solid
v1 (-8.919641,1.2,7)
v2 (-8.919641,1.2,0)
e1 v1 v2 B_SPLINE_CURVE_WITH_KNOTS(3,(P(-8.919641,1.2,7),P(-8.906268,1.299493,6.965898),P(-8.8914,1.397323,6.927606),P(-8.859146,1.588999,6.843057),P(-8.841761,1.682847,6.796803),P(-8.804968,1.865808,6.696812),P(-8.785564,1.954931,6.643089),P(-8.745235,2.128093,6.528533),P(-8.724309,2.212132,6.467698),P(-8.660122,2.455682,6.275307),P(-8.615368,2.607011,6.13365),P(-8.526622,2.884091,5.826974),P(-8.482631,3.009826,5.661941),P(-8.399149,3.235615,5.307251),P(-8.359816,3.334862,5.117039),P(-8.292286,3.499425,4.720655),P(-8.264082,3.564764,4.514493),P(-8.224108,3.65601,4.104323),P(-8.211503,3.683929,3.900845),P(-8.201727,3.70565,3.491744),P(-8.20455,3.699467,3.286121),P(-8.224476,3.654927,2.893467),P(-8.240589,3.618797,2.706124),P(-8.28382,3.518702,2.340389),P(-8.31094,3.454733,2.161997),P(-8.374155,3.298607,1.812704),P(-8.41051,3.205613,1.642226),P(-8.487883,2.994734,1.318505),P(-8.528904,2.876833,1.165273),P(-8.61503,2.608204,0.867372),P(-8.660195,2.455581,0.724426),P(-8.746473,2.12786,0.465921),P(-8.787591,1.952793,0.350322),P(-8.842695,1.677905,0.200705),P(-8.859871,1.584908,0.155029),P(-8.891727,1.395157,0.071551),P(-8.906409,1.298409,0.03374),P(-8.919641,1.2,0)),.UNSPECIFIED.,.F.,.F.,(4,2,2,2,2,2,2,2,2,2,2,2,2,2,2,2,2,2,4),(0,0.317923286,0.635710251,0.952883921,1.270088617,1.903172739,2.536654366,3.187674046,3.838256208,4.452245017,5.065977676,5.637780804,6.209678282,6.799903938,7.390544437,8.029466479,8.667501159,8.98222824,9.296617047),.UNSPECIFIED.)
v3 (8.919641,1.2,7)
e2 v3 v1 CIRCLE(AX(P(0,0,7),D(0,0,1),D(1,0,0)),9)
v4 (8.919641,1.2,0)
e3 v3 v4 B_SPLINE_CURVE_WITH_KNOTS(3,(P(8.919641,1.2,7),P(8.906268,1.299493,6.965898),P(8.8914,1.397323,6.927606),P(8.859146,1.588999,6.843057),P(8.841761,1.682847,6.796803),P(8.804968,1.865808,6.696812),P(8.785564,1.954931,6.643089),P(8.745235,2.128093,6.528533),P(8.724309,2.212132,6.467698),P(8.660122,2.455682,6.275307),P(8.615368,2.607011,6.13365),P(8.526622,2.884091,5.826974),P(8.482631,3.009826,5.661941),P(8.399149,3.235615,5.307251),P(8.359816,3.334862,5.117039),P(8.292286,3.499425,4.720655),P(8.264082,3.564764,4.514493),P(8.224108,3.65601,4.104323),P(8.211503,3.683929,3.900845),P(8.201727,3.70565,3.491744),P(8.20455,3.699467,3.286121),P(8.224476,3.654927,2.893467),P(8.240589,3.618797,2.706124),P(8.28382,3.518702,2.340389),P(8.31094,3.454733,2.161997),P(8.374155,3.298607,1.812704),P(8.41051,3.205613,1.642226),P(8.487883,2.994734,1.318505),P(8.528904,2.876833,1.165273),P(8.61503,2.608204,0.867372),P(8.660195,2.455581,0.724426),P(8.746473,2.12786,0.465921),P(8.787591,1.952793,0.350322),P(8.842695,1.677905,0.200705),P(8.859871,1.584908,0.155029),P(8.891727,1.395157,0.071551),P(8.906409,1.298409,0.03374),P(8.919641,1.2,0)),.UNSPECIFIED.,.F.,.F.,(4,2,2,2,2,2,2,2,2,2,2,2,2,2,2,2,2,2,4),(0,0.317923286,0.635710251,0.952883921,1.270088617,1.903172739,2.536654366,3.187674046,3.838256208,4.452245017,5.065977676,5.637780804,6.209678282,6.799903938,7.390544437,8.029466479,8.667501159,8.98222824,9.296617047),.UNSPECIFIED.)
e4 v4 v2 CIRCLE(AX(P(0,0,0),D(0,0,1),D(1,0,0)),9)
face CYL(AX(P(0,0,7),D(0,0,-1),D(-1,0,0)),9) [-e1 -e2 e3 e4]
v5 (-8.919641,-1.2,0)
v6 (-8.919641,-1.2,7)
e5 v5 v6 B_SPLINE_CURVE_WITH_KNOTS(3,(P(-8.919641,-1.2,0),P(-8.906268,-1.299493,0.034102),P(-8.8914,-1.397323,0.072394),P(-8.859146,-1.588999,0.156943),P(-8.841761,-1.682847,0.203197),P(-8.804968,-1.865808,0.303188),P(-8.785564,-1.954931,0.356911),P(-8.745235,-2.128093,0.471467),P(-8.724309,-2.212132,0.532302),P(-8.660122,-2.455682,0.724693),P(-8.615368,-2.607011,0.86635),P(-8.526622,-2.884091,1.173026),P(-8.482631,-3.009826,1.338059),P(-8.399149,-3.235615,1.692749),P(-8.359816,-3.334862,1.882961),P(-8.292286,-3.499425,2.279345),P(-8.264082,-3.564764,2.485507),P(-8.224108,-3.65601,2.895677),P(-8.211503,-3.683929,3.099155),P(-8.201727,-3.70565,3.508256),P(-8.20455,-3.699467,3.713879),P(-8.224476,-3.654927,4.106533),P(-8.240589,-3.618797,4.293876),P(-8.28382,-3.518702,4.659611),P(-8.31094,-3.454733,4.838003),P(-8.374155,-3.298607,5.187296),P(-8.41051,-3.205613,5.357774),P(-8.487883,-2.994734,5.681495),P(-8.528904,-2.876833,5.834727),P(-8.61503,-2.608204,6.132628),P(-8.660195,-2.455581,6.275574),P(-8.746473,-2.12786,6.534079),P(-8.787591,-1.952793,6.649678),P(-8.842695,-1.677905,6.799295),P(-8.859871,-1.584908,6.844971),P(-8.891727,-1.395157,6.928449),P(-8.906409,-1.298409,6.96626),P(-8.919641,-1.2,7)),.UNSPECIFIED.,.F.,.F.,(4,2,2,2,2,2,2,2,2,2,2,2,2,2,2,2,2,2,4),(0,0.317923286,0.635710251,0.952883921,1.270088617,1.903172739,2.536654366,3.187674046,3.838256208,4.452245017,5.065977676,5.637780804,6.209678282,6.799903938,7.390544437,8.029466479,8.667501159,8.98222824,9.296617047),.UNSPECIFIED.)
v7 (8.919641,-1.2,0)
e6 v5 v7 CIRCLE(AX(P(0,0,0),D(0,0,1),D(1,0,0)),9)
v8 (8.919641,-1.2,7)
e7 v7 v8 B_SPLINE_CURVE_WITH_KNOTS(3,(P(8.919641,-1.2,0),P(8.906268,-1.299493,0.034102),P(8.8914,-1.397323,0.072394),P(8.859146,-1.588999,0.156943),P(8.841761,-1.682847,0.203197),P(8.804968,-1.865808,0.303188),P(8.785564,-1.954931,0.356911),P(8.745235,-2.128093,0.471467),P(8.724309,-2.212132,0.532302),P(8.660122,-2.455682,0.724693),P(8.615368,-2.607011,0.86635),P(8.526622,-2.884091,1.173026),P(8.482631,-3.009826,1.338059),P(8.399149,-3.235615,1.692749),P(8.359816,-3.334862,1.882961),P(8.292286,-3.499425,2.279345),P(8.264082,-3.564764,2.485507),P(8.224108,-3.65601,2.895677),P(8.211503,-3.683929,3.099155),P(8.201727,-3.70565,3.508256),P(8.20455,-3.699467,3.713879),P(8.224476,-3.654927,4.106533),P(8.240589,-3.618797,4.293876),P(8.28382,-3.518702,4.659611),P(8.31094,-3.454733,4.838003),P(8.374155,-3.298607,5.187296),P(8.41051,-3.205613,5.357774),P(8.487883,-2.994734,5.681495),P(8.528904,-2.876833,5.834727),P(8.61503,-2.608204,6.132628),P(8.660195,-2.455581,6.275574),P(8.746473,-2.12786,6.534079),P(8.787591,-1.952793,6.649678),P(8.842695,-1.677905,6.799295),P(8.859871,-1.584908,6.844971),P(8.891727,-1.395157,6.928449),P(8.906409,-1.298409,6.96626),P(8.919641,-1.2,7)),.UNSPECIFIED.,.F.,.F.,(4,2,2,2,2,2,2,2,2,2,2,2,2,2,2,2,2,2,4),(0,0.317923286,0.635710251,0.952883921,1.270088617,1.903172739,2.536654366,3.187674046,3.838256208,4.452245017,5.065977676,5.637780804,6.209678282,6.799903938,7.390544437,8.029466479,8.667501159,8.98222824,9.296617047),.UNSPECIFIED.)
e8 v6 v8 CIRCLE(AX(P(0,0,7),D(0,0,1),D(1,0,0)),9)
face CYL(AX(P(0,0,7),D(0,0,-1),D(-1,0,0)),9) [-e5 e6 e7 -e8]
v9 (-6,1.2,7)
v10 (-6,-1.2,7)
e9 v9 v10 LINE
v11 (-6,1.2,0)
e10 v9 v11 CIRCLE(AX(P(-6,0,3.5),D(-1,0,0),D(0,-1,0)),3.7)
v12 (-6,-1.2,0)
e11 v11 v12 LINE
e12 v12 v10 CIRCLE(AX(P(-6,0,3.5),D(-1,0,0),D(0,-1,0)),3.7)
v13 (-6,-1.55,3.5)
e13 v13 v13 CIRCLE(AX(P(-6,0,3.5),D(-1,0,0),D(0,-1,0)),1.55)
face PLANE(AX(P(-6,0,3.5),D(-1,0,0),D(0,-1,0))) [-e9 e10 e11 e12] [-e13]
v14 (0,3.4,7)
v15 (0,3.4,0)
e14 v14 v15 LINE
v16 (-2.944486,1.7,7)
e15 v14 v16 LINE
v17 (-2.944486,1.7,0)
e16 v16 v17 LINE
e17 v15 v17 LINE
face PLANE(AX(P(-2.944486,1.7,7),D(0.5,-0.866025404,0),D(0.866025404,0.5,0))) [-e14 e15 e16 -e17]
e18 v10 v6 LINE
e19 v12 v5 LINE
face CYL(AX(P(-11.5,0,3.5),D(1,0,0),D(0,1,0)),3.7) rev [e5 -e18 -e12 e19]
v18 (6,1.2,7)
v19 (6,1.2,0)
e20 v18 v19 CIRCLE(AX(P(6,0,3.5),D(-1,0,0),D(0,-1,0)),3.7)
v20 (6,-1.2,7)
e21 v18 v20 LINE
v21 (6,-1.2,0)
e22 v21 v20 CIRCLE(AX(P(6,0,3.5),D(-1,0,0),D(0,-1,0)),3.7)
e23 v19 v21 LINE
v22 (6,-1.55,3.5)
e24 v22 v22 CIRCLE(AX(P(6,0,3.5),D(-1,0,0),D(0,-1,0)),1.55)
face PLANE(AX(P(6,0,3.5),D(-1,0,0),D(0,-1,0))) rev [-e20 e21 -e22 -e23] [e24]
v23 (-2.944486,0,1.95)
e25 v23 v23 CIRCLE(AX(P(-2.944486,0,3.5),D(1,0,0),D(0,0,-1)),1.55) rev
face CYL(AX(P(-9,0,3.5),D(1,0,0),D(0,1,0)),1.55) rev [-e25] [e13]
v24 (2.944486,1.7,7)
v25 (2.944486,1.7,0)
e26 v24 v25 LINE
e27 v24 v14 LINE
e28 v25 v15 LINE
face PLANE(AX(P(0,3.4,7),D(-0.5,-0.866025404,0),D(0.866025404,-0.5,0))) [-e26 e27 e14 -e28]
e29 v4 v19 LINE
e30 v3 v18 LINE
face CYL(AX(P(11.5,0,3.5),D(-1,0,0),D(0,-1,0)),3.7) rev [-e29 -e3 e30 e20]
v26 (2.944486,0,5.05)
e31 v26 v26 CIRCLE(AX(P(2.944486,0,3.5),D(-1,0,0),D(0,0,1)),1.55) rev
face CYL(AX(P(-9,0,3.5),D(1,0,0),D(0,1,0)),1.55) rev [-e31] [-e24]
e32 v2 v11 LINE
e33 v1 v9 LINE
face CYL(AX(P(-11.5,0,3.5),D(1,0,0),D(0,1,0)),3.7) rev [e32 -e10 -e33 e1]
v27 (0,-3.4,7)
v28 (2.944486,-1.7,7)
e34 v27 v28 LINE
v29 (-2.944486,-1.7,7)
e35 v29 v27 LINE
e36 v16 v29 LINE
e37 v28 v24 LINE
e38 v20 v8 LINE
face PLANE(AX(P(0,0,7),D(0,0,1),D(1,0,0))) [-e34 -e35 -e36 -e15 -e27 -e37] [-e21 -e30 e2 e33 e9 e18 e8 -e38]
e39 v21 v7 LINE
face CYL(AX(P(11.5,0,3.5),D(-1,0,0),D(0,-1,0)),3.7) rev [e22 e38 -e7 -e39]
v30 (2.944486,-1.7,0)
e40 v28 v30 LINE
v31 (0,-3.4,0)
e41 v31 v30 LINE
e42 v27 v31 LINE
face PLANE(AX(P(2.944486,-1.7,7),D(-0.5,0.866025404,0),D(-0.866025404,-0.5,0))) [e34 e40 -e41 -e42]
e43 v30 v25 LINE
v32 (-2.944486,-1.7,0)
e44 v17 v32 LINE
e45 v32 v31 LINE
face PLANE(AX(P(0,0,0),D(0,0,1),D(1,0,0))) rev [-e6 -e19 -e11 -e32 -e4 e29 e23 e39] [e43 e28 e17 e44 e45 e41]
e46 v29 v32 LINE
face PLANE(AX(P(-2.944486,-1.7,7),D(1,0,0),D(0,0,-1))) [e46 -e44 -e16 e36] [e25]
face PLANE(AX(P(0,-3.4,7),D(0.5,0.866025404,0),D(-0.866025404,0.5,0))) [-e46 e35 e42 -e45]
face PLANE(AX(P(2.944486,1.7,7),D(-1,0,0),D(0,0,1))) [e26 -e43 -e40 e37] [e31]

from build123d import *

# Parameters (mm, degrees)
SKETCH1_R               = 9
BOSS_EXTRUDE1_DEPTH     = 7
CUT_EXTRUDE1_DEPTH      = 9
CUT_EXTRUDE1_DEPTH_BACK = 9
SKETCH5_R               = 1.55
SKETCH6_R               = 3.7
CUT_EXTRUDE2_DEPTH      = 5.5
CUT_EXTRUDE3_START      = -5.5
SKETCH7_R               = 3.7
CUT_EXTRUDE3_DEPTH      = 5.5


with BuildPart() as part:
    # Sketch1 → Boss-Extrude1 (new body)
    with BuildSketch(Plane.XY):
        Circle(SKETCH1_R)
        Polygon((0, 3.4), (2.944486373, 1.7), (2.944486373, -1.7), (0, -3.4), (-2.944486373, -1.7), (-2.944486373, 1.7), align=None, mode=Mode.SUBTRACT)
    extrude(amount=BOSS_EXTRUDE1_DEPTH)

    # Sketch5 → Cut-Extrude1 (cut, two sides: drawn at the far end of the back side and taken through both)
    with BuildSketch(Plane.ZY.offset(-CUT_EXTRUDE1_DEPTH_BACK)):
        with Locations(Location((3.5, 0, 0), (0, 0, 180))):
            Circle(SKETCH5_R)
    extrude(amount=CUT_EXTRUDE1_DEPTH + CUT_EXTRUDE1_DEPTH_BACK, mode=Mode.SUBTRACT)

    # Sketch6 → Cut-Extrude2 (cut)
    with BuildSketch(Plane.ZY.offset(6)):
        with Locations((3.5, 0)):
            Circle(SKETCH6_R)
    extrude(amount=CUT_EXTRUDE2_DEPTH, mode=Mode.SUBTRACT)

    # Sketch7 → Cut-Extrude3 (cut)
    with BuildSketch(Plane.ZY.offset(-6).offset(CUT_EXTRUDE3_START)):
        with Locations((3.5, 0)):
            Circle(SKETCH7_R)
    extrude(amount=CUT_EXTRUDE3_DEPTH, mode=Mode.SUBTRACT)


solid = part.part
